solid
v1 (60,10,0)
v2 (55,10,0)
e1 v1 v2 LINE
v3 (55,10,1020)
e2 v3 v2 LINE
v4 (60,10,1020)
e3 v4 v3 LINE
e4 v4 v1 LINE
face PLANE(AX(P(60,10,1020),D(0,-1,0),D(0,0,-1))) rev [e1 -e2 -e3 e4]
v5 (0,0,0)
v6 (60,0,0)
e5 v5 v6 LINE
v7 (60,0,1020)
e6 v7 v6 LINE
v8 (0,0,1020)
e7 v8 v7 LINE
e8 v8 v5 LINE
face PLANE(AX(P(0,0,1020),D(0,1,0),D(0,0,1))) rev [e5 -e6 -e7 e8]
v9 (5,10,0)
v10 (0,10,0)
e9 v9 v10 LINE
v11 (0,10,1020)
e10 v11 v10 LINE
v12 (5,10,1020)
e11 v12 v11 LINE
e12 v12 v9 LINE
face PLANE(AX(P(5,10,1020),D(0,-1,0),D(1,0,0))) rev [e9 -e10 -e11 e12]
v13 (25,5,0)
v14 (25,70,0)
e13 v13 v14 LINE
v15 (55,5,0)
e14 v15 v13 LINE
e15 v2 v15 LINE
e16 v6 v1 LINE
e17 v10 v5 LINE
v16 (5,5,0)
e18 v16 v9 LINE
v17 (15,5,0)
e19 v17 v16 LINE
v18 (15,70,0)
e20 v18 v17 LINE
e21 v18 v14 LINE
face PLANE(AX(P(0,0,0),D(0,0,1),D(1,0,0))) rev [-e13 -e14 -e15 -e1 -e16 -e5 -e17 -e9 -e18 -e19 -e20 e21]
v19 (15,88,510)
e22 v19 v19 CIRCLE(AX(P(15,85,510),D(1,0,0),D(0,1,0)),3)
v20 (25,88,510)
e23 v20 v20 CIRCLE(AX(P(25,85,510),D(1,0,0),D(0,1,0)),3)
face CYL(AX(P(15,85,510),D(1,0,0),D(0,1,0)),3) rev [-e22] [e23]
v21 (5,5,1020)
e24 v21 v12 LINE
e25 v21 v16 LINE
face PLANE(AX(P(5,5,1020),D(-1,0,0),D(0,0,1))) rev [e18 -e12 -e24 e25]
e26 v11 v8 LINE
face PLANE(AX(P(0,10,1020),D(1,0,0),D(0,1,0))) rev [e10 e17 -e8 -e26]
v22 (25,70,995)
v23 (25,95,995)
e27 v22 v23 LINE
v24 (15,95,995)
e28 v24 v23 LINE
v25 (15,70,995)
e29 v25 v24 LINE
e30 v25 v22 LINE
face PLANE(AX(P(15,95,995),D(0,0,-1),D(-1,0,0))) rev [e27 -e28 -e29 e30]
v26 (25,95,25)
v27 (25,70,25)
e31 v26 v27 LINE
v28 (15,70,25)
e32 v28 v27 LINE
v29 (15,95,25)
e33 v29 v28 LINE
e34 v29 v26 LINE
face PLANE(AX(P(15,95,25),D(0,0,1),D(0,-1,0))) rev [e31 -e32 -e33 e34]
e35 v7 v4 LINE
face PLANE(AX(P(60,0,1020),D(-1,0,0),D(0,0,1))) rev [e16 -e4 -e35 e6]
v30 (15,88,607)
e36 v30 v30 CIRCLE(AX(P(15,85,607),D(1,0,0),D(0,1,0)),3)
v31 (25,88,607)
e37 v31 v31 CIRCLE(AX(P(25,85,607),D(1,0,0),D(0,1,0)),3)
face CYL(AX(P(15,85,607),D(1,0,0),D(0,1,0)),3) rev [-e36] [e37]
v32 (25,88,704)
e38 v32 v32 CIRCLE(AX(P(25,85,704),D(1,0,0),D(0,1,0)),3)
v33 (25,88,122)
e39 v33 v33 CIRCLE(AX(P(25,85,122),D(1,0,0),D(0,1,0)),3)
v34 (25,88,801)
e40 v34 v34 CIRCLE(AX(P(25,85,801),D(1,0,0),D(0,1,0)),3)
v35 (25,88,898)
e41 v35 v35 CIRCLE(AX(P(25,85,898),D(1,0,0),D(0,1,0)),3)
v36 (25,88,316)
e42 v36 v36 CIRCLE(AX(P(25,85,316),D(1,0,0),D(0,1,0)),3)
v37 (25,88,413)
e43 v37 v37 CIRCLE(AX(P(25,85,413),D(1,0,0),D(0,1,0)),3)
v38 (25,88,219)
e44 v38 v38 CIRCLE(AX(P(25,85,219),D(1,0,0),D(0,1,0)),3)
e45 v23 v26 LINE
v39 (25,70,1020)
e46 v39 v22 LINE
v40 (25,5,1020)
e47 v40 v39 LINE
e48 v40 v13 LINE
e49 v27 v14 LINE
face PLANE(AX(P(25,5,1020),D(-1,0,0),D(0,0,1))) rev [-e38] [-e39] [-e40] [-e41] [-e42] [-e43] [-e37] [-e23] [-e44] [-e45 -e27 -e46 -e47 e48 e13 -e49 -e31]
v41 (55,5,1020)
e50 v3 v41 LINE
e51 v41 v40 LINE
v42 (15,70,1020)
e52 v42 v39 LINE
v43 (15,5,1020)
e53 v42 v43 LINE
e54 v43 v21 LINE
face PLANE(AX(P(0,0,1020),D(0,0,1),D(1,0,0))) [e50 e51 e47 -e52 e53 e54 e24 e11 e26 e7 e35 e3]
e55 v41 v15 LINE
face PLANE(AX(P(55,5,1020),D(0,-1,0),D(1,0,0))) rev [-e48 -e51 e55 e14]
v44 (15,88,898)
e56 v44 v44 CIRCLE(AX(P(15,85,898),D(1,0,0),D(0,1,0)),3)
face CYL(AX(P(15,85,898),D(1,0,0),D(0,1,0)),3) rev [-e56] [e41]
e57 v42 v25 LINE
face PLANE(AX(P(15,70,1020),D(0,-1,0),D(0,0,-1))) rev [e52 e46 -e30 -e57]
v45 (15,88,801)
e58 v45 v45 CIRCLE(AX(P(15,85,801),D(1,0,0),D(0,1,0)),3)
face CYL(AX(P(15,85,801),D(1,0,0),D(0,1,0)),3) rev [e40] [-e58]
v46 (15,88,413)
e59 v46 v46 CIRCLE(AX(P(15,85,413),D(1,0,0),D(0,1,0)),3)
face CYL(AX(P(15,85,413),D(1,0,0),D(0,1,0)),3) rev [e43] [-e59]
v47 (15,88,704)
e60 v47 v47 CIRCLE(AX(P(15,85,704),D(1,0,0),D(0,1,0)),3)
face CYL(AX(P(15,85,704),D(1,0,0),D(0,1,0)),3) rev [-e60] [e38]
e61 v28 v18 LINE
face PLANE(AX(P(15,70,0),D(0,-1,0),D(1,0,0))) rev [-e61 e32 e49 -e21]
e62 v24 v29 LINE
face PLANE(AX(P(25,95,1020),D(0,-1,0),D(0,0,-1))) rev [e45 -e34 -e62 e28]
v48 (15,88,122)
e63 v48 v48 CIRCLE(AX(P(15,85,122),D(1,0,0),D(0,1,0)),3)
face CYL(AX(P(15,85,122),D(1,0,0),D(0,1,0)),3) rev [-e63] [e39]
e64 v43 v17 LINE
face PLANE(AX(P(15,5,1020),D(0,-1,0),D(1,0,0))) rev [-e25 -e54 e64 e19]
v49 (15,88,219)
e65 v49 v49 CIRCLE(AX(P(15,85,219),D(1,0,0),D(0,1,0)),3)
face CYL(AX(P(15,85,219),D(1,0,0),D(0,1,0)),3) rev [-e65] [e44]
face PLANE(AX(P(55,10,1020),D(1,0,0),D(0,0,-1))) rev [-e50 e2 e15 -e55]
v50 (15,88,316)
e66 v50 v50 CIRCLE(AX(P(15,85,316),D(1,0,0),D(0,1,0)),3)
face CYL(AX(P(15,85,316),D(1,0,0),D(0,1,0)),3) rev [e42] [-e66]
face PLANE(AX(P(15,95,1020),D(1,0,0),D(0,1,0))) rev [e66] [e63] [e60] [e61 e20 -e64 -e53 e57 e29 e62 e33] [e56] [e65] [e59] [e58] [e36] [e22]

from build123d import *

# Parameters (mm, degrees)
BOSS_EXTRUDE1_DEPTH = 1020
SKETCH2_W           = 25
SKETCH2_H           = 25
CUT_EXTRUDE1_DEPTH  = 10
SKETCH3_R           = 3
CUT_EXTRUDE2_DEPTH  = 10
LPATTERN1_COUNT     = 9
LPATTERN1_PITCH     = 97


with BuildPart() as part:
    # Sketch1 → Boss-Extrude1 (new body)
    with BuildSketch(Plane.XY):
        Polygon((0, 10), (0, 0), (60, 0), (60, 10), (55, 10), (55, 5), (25, 5), (25, 95), (15, 95), (15, 5), (5, 5), (5, 10), align=None)
    extrude(amount=BOSS_EXTRUDE1_DEPTH)

    # Sketch2 → Cut-Extrude1 (cut)
    with BuildSketch(Plane(origin=(25, 0, 0), x_dir=(0, 0, -1), z_dir=(1, 0, 0))):
        with Locations((-1007.5, 82.5)):
            Rectangle(SKETCH2_W, SKETCH2_H)
        with Locations((-12.5, 82.5)):
            Rectangle(SKETCH2_W, SKETCH2_H)
    extrude(amount=-CUT_EXTRUDE1_DEPTH, mode=Mode.SUBTRACT)

    # Sketch3 → Cut-Extrude2 (cut)
    with BuildSketch(Plane(origin=(25, 0, 0), x_dir=(0, 0, -1), z_dir=(1, 0, 0))):
        with Locations(Location((-898, 85, 0), (0, 0, 90))):
            Circle(SKETCH3_R)
    cut_extrude2 = extrude(amount=-CUT_EXTRUDE2_DEPTH, mode=Mode.SUBTRACT)

    # LPattern1: Cut-Extrude2 ×9
    with Locations(*[(0, 0, -i * LPATTERN1_PITCH) for i in range(1, LPATTERN1_COUNT)]):
        add(cut_extrude2, mode=Mode.SUBTRACT)


solid = part.part
